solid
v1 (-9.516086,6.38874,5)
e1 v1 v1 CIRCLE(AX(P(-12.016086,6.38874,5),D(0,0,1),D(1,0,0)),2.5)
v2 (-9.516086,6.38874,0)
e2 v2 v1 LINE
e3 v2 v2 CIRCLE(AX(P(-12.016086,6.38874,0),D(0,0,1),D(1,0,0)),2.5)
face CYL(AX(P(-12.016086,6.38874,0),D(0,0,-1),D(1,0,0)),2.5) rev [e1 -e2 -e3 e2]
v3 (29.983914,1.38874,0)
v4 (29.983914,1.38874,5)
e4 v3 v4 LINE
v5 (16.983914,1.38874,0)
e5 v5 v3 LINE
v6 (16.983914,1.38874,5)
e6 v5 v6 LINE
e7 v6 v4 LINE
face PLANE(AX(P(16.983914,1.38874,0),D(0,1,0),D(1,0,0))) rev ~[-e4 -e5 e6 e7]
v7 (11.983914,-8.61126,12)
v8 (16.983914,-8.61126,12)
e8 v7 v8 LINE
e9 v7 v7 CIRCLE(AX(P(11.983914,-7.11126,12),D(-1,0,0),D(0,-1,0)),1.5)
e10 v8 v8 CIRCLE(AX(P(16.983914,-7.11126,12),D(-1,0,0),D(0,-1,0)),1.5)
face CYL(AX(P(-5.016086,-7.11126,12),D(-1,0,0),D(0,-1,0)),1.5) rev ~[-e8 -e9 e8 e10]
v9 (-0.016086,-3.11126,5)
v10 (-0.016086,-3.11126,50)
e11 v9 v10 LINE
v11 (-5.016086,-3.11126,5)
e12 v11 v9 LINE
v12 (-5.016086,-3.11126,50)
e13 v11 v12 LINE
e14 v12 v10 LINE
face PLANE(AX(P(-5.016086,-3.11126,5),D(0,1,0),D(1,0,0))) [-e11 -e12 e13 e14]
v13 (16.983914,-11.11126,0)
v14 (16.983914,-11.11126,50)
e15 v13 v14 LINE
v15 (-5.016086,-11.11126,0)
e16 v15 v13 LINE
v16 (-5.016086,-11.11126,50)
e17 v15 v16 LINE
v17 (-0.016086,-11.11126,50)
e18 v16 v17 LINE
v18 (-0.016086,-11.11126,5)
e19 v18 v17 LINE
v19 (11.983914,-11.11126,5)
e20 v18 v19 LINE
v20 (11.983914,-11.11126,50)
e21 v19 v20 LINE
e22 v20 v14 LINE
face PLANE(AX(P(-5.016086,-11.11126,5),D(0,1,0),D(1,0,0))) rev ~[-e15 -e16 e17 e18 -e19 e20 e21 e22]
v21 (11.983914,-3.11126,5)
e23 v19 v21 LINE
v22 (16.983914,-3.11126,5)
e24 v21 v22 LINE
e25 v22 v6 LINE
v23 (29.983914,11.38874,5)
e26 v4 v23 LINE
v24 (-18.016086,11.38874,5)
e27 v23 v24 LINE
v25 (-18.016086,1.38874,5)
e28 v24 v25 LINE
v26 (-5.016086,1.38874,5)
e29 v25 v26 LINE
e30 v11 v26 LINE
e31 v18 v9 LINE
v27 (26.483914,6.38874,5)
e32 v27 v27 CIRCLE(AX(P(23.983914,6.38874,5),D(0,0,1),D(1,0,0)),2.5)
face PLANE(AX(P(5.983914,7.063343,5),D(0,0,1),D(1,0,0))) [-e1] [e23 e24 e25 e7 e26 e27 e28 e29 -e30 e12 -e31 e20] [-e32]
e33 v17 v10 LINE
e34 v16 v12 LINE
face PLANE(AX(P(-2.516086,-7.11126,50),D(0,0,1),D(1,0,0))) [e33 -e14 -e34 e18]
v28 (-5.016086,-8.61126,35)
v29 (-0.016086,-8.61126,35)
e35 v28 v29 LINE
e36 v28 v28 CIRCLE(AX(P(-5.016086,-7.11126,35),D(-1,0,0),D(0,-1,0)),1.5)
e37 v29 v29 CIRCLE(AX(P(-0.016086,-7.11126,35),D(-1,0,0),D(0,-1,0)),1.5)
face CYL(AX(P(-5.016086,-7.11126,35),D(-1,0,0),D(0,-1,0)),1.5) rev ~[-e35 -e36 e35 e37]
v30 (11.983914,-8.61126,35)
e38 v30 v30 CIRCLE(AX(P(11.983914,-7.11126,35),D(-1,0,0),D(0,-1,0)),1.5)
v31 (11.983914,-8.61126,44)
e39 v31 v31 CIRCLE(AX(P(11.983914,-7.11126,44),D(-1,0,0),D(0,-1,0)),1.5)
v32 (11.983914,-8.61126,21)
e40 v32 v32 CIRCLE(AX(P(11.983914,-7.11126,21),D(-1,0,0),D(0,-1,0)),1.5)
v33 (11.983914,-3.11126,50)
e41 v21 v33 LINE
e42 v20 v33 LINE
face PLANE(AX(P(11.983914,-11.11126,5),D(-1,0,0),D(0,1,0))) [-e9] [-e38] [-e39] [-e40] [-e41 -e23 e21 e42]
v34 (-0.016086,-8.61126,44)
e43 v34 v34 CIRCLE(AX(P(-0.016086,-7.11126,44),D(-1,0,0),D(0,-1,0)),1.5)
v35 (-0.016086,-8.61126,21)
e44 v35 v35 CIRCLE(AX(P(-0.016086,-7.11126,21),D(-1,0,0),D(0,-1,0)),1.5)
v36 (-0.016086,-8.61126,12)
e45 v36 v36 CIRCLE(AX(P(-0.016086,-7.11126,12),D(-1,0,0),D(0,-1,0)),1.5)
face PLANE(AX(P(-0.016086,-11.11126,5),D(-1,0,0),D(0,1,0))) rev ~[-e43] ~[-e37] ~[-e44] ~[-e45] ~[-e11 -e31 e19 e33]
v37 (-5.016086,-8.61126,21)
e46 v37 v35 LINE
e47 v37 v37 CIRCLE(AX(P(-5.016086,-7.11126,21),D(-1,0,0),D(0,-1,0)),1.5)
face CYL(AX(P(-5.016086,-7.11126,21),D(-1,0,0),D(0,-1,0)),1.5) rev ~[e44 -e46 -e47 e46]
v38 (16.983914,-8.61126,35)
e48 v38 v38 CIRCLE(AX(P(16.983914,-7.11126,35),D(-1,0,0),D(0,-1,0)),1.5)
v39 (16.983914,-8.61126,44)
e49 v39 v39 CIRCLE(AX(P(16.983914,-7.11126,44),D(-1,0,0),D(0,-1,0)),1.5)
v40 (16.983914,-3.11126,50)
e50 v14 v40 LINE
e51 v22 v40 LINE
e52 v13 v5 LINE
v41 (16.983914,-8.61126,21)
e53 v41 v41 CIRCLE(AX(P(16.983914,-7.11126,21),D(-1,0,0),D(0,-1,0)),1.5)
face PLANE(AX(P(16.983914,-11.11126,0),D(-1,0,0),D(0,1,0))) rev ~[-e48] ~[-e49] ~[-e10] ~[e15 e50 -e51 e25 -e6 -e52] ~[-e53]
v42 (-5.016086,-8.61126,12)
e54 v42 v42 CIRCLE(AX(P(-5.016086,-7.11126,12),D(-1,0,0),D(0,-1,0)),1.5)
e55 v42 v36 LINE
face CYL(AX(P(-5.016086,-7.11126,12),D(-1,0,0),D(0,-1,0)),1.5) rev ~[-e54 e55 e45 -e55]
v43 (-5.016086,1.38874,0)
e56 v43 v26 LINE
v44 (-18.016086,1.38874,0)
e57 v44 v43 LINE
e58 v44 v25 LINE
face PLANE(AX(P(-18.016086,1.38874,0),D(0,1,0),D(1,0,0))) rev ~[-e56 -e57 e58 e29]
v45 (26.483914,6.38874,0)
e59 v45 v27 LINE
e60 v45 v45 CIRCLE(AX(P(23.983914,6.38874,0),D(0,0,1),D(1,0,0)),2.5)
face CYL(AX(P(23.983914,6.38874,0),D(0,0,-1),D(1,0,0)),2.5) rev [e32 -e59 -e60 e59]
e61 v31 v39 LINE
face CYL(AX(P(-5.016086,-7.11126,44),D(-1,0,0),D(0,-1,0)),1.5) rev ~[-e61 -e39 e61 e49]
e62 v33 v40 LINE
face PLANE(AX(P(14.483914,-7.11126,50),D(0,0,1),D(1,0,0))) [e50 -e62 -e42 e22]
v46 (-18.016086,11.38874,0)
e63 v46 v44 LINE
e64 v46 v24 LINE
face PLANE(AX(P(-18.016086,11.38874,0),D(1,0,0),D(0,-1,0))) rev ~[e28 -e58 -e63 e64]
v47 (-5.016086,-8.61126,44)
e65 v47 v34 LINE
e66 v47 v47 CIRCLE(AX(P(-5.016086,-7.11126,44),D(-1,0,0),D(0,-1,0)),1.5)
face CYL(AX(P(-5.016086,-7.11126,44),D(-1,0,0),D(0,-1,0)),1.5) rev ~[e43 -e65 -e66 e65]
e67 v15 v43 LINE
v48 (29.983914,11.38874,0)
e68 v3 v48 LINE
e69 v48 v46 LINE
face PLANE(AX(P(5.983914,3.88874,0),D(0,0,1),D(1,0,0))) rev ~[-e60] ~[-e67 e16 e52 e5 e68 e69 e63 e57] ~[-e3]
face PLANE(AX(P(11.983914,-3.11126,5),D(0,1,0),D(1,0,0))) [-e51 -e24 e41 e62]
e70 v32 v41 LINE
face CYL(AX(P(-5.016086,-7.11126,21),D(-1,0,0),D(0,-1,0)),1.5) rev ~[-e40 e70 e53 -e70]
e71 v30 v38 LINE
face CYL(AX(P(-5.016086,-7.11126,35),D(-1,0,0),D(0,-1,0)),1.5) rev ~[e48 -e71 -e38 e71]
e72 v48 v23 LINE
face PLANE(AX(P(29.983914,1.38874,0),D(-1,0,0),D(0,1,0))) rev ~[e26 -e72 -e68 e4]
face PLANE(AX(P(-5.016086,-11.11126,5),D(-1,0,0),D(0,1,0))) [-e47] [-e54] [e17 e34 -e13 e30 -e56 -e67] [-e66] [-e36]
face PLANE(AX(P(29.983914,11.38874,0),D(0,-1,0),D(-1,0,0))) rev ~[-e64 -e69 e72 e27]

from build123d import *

# Parameters (mm, degrees)
SKETCH_1_R          = 2.5
SKETCH_1_W          = 22
SKETCH_1_H          = 12.5
SKETCH_1_H_2        = 5
EXTRUDE_2_DEPTH     = 5
SKETCH_2_W          = 5
SKETCH_2_H          = 8
EXTRUDE_3_DEPTH     = 45
SKETCH_3_R          = 1.5
CUT_EXTRUDE_1_DEPTH = 45
SKETCH_5_R          = 1.5
CUT_EXTRUDE_2_DEPTH = 45


with BuildPart() as part:
    # 草图1 → 凸台-拉伸2 (new body)
    # profile 1 of 3: a face of its own
    with BuildSketch(Plane.XY):
        Polygon((29.983914209, 11.388739946), (-18.016085791, 11.388739946), (-18.016085791, 1.388739946), (-5.016085791, 1.388739946), (-5.016085791, 6.388739946), (16.983914209, 6.388739946), (16.983914209, 1.388739946), (29.983914209, 1.388739946), align=None)
        with Locations((-12.016085791, 6.388739946)):
            Circle(SKETCH_1_R, mode=Mode.SUBTRACT)
        with Locations((23.983914209, 6.388739946)):
            Circle(SKETCH_1_R, mode=Mode.SUBTRACT)
    # profile 2 of 3: a face of its own
    with BuildSketch(Plane.XY):
        with Locations((5.983914209, -4.861260054)):
            Rectangle(SKETCH_1_W, SKETCH_1_H)
    # profile 3 of 3: a face of its own
    with BuildSketch(Plane.XY):
        with Locations((5.983914209, 3.888739946)):
            Rectangle(SKETCH_1_W, SKETCH_1_H_2)
    extrude(amount=EXTRUDE_2_DEPTH)

    # 草图2 → 凸台-拉伸3 (add)
    with BuildSketch(Plane.XY.offset(5)):
        with Locations((-2.516085791, -7.111260054)):
            Rectangle(SKETCH_2_W, SKETCH_2_H)
        with Locations((14.483914209, -7.111260054)):
            Rectangle(SKETCH_2_W, SKETCH_2_H)
    extrude(amount=EXTRUDE_3_DEPTH)

    # 草图3 → 切除-拉伸1 (cut)
    with BuildSketch(Plane.ZY.offset(5.016085791)):
        with Locations(Location((21, -7.111260054, 0), (0, 0, 270))):
            Circle(SKETCH_3_R)
        with Locations(Location((35, -7.111260054, 0), (0, 0, 270))):
            Circle(SKETCH_3_R)
    extrude(amount=-CUT_EXTRUDE_1_DEPTH, mode=Mode.SUBTRACT)

    # 草图5 → 切除-拉伸2 (cut)
    with BuildSketch(Plane.ZY.offset(5.016085791)):
        with Locations(Location((44, -7.111260054, 0), (0, 0, 270))):
            Circle(SKETCH_5_R)
        with Locations(Location((12, -7.111260054, 0), (0, 0, 270))):
            Circle(SKETCH_5_R)
    extrude(amount=-CUT_EXTRUDE_2_DEPTH, mode=Mode.SUBTRACT)


solid = part.part
